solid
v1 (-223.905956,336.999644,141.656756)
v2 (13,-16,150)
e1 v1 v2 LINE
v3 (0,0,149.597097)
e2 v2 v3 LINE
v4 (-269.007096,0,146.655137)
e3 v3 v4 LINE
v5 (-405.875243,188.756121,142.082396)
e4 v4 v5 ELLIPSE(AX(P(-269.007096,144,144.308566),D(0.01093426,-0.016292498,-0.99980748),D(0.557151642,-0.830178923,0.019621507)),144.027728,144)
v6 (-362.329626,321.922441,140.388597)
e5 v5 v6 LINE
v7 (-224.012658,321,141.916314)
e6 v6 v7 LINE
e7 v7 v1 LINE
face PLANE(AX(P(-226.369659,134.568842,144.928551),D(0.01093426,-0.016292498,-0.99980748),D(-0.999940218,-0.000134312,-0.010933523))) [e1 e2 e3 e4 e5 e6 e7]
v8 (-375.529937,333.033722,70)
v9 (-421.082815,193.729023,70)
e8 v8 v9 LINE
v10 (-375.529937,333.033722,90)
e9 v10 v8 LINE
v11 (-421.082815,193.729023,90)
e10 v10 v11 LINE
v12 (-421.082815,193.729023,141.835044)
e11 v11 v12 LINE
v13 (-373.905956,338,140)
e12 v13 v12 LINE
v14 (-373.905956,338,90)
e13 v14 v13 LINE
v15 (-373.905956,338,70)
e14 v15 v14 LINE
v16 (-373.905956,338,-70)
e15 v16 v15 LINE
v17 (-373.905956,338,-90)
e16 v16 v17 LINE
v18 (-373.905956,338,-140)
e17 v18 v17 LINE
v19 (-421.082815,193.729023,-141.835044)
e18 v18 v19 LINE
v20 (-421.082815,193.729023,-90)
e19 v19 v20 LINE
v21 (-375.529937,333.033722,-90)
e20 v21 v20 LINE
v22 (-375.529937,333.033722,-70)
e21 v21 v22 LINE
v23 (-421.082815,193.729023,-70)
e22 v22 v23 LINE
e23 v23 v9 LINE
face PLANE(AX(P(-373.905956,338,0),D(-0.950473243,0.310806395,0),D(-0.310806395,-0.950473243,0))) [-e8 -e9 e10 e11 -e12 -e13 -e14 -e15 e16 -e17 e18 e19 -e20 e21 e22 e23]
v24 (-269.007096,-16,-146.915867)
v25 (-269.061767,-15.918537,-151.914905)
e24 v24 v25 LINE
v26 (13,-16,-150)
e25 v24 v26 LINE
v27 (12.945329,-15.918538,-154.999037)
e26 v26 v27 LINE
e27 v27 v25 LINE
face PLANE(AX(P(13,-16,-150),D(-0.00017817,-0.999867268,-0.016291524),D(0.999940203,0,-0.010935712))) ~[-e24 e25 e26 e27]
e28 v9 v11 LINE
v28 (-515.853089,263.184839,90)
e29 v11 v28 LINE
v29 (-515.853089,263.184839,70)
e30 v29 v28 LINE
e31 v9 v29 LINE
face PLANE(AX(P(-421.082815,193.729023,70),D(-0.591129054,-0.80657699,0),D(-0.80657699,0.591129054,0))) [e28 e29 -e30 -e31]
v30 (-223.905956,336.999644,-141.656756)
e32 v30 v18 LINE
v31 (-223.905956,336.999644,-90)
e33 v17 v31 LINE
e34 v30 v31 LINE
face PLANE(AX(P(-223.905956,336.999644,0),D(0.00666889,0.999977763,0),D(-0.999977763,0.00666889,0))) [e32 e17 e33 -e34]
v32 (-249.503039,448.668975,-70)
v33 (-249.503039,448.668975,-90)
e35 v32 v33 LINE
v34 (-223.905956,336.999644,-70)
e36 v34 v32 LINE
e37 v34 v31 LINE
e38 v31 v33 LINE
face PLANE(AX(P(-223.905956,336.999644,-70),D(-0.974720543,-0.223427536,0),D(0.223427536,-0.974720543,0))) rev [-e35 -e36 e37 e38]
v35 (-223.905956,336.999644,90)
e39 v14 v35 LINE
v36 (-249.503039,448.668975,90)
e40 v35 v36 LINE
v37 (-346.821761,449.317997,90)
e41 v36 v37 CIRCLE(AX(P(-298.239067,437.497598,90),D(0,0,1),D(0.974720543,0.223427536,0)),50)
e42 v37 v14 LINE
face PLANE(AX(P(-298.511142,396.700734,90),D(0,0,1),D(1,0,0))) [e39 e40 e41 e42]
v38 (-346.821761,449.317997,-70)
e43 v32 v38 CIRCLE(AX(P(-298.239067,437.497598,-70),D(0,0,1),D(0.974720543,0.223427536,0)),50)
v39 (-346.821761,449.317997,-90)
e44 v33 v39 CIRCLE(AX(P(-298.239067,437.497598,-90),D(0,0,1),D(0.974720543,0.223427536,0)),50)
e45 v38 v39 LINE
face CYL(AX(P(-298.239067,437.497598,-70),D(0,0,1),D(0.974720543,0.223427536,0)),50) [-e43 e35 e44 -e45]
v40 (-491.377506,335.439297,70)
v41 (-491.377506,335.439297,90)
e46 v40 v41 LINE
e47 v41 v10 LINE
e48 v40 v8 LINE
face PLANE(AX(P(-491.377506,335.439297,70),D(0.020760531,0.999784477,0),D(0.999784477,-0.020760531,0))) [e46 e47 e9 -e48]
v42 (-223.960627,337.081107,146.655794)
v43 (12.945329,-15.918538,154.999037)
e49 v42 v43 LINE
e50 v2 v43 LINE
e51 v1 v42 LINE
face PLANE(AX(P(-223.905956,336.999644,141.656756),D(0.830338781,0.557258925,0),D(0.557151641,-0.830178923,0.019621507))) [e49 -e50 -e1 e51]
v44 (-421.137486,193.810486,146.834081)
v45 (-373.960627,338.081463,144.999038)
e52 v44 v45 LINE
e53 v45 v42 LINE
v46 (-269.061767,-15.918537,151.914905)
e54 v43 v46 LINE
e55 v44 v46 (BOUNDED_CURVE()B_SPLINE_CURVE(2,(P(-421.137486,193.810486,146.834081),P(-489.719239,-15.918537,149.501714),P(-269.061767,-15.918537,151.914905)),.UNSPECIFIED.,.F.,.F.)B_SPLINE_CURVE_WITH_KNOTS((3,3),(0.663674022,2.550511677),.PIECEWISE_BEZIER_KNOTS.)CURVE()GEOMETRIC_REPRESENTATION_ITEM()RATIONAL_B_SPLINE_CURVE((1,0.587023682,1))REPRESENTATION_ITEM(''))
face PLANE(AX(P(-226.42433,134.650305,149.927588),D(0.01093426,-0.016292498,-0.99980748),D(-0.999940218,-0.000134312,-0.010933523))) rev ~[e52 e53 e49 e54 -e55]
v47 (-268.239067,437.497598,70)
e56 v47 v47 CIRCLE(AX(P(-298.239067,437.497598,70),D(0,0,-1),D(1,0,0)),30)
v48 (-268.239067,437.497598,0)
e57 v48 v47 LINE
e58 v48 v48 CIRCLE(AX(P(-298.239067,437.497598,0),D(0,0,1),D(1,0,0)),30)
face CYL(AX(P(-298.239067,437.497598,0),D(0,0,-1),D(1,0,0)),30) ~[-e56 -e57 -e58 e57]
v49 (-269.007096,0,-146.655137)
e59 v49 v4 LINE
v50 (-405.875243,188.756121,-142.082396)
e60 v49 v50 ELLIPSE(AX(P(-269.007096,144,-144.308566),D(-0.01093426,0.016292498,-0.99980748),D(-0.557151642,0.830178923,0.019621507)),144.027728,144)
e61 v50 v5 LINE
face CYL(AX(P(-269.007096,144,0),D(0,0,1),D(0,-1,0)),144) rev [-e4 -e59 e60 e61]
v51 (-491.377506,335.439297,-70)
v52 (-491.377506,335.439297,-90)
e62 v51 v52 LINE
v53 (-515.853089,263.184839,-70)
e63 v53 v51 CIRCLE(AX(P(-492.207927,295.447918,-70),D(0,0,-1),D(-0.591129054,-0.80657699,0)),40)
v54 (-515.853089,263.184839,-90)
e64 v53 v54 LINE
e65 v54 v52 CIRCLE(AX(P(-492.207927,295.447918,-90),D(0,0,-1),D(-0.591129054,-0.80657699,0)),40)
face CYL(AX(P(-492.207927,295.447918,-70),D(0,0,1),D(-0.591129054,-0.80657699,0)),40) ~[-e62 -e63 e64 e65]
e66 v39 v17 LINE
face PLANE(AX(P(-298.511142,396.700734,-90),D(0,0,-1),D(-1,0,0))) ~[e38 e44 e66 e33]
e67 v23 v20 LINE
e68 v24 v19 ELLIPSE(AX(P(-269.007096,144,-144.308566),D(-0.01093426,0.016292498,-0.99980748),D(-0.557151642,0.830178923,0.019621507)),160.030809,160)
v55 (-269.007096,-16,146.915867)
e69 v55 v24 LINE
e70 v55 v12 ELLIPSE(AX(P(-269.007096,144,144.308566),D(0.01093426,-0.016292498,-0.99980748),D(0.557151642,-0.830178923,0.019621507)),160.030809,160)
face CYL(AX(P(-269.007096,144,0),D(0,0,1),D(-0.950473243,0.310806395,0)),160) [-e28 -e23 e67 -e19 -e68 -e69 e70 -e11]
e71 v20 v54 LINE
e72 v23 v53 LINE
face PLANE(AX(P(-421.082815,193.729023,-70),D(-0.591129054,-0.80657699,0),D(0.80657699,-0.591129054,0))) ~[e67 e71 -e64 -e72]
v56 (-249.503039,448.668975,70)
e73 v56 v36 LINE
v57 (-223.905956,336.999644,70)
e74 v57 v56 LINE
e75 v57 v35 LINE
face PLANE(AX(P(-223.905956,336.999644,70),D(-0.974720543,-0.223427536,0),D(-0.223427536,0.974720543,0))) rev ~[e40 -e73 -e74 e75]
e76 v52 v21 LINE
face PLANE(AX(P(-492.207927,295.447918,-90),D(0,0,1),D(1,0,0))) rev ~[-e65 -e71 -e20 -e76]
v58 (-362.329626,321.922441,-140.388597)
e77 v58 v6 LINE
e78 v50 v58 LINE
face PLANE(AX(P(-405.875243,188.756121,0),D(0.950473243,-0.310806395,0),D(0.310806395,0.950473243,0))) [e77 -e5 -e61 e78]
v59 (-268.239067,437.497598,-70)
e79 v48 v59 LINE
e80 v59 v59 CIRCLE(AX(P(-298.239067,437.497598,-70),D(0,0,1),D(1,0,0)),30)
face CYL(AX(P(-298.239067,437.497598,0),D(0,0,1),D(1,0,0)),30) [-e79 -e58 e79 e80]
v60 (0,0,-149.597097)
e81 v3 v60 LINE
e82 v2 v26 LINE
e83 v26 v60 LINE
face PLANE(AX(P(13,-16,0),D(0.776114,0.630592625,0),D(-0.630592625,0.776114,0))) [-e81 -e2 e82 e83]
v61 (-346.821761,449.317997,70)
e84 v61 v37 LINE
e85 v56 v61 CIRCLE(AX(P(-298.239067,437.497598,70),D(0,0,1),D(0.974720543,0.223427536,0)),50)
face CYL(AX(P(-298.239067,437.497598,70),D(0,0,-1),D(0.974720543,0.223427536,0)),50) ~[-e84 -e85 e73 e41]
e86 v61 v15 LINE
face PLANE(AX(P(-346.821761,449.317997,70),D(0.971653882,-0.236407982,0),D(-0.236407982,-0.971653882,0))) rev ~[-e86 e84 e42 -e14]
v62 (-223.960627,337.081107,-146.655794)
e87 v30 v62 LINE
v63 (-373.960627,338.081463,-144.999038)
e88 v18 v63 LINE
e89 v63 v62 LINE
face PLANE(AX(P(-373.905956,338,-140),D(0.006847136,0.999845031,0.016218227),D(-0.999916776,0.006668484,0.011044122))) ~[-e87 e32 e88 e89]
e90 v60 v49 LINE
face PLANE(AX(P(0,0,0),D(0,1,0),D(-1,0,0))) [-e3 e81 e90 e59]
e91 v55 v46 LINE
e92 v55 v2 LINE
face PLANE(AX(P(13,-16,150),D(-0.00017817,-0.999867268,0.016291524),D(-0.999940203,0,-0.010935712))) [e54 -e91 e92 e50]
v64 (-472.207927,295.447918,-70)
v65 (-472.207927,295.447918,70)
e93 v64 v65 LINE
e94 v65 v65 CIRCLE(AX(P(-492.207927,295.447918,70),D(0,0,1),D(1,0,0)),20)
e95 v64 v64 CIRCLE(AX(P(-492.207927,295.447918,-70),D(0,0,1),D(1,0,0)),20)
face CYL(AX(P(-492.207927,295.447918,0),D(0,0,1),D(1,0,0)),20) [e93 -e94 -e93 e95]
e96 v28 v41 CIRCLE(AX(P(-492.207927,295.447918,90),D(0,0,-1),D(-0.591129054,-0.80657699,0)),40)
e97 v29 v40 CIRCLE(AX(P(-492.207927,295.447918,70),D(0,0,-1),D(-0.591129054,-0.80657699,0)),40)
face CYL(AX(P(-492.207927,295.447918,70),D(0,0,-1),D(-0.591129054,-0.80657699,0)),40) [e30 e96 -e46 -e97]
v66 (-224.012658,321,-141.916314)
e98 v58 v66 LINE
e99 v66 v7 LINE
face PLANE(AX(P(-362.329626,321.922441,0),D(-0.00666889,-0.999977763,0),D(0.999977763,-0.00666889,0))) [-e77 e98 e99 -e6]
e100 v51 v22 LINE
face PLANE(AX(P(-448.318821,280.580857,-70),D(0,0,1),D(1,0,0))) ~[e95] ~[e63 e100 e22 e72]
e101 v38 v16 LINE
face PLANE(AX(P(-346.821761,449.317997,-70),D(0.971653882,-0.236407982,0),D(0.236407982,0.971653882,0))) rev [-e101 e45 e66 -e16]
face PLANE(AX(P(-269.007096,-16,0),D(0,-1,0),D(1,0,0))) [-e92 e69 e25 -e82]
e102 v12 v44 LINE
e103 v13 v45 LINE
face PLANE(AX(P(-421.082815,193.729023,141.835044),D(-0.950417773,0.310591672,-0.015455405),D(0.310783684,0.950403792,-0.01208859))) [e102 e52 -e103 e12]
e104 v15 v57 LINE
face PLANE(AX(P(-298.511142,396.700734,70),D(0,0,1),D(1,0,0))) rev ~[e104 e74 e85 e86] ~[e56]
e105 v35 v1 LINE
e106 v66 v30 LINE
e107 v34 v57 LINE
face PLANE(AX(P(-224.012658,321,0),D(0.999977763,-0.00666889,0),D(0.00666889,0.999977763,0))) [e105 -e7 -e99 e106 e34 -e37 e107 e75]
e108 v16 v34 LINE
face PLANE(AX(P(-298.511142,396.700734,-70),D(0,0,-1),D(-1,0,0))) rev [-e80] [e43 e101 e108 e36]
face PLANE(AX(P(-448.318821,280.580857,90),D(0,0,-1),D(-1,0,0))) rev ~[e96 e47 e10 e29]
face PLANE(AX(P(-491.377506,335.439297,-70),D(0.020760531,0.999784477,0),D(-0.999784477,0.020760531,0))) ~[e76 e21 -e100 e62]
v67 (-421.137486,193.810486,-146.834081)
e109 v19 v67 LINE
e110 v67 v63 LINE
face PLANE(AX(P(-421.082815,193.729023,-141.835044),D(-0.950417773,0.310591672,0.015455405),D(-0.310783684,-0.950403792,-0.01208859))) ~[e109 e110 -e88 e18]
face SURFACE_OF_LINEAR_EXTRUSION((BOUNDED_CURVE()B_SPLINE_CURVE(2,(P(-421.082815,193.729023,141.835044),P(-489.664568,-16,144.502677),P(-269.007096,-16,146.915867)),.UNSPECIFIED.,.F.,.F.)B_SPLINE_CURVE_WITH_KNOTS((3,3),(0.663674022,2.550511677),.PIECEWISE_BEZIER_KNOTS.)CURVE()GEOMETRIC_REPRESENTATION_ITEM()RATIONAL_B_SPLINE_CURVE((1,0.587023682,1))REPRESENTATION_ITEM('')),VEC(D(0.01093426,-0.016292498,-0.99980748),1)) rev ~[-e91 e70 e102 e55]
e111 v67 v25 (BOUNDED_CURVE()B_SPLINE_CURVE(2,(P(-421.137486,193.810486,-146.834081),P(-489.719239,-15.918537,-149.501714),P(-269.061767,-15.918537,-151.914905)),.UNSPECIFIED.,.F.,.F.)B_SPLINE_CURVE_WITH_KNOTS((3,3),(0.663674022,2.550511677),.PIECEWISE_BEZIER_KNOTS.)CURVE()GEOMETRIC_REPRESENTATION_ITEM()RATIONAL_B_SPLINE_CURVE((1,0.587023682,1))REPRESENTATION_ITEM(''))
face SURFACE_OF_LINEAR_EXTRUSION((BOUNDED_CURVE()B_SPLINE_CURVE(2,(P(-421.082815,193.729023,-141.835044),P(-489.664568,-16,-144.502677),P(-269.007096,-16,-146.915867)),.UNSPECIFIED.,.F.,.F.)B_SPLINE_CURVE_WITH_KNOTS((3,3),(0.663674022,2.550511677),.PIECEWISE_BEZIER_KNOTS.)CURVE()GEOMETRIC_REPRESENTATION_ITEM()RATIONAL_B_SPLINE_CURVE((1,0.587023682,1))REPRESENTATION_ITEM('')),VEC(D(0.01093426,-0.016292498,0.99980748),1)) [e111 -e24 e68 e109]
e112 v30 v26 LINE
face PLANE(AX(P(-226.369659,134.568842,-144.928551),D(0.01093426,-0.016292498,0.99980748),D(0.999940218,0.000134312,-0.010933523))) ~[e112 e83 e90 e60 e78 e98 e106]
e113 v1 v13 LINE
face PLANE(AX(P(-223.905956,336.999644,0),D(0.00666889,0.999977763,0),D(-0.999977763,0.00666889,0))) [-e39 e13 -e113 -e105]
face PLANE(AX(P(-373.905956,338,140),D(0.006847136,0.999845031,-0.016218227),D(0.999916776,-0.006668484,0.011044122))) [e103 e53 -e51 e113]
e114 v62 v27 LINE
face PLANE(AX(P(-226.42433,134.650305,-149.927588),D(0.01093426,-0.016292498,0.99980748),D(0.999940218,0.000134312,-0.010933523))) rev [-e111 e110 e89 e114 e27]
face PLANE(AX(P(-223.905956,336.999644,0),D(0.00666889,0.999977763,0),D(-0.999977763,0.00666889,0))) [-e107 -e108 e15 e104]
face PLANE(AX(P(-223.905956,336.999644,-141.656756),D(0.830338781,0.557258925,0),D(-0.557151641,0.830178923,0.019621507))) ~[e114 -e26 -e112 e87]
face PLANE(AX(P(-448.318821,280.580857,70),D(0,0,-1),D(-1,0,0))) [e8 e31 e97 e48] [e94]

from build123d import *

# Parameters (mm, degrees)
BOSS_EXTRUDE1_DEPTH = 150
CUT_EXTRUDE1_DEPTH  = 368.015632897
BOSS_EXTRUDE3_DEPTH = 5
BOSS_EXTRUDE4_START = 70
BOSS_EXTRUDE4_DEPTH = 20
SKETCH6_R           = 30
SKETCH6_R_2         = 20
BOSS_EXTRUDE5_DEPTH = 90


with BuildPart() as part:
    # Sketch1 → Boss-Extrude1 (new body, symmetric)
    with BuildSketch(Plane.XY):
        with BuildLine():
            Line((0, 0), (-269.007095808, 0))
            ThreePointArc((-269.007095808, 0), (-385.585141332, 59.468589851), (-405.875242761, 188.756120808))
            Line((-405.875242761, 188.756120808), (-362.32962564, 321.922441203))
            Line((-362.32962564, 321.922441203), (-224.01265789, 321))
            Line((-224.01265789, 321), (-223.905955644, 336.999644203))
            Line((-223.905955644, 336.999644203), (-373.905955644, 338))
            Line((-373.905955644, 338), (-421.082814644, 193.72902312))
            ThreePointArc((-421.082814644, 193.72902312), (-398.538257501, 50.076210945), (-269.007095808, -16))
            Line((-269.007095808, -16), (13, -16))
            Line((13, -16), (0, 0))
        make_face()
    extrude(amount=BOSS_EXTRUDE1_DEPTH, both=True)

    # Sketch2 → Cut-Extrude1 (cut, through all)
    with BuildSketch(Plane(origin=(1.559593234, 1.046677898, 0), x_dir=(0, 0, -1), z_dir=(0.83033878, 0.557258925, 0))):
        Polygon((-150, -20.529786514), (-140, 489.016938742), (-150, 489.016938742), align=None)
        Polygon((140, 489.016938742), (150, 489.016938742), (150, -20.529786514), align=None)
    extrude(amount=-CUT_EXTRUDE1_DEPTH, mode=Mode.SUBTRACT)

    # Sketch4 → Boss-Extrude3 (add)
    with BuildSketch(Plane(origin=(-1.635418654, 2.436841241, 149.539501663), x_dir=(0.999940218, 0.000134312, 0.010933523), z_dir=(-0.01093426, 0.016292498, 0.99980748))):
        with BuildLine():
            Line((14.637102301, -18.441255084), (-267.38685506, -18.403370819))
            add(Edge.make_bspline(
                [(-419.48086469, 191.373926331), (-488.057520629, -18.373728139), (-267.38685506, -18.403370819)],
                knots=[0.663674022, 0.663674022, 0.663674022, 2.550511677, 2.550511677, 2.550511677], degree=2, weights=[1, 0.587023682, 1]))
            Line((-419.48086469, 191.373926331), (-372.30751216, 335.657719572))
            Line((-372.30751216, 335.657719572), (-222.298499603, 334.637080266))
            Line((-222.298499603, 334.637080266), (14.637102301, -18.441255084))
        make_face()
    boss_extrude3 = extrude(amount=BOSS_EXTRUDE3_DEPTH)

    # Sketch5 → Boss-Extrude4 (add)
    with BuildSketch(Plane.XY.offset(BOSS_EXTRUDE4_START)):
        with BuildLine():
            Line((-373.905955644, 338), (-223.905955644, 336.999644203))
            Line((-223.905955644, 336.999644203), (-249.503039478, 448.668975164))
            ThreePointArc((-249.503039478, 448.668975164), (-297.905622093, 487.496486507), (-346.8217607, 449.317997476))
            Line((-346.8217607, 449.317997476), (-373.905955644, 338))
        make_face()
        with BuildLine():
            Line((-421.082814644, 193.72902312), (-515.85308915, 263.184838763))
            ThreePointArc((-515.85308915, 263.184838763), (-530.093343715, 308.281281099), (-491.377505751, 335.439297452))
            Line((-491.377505751, 335.439297452), (-373.905955644, 333))
            Line((-373.905955644, 333), (-421.082814644, 193.72902312))
        make_face()
    boss_extrude4 = extrude(amount=BOSS_EXTRUDE4_DEPTH)

    # Mirror4: Boss-Extrude3, Boss-Extrude4 across plane
    add(boss_extrude3.mirror(Plane.XY))
    add(boss_extrude4.mirror(Plane.XY))

    # Sketch6 → Boss-Extrude5 (add, symmetric)
    with BuildSketch(Plane.XY):
        with Locations((-298.23906661, 437.497598372)):
            Circle(SKETCH6_R)
        with Locations((-492.207926981, 295.447918374)):
            Circle(SKETCH6_R_2)
    extrude(amount=BOSS_EXTRUDE5_DEPTH, both=True)


solid = part.part
